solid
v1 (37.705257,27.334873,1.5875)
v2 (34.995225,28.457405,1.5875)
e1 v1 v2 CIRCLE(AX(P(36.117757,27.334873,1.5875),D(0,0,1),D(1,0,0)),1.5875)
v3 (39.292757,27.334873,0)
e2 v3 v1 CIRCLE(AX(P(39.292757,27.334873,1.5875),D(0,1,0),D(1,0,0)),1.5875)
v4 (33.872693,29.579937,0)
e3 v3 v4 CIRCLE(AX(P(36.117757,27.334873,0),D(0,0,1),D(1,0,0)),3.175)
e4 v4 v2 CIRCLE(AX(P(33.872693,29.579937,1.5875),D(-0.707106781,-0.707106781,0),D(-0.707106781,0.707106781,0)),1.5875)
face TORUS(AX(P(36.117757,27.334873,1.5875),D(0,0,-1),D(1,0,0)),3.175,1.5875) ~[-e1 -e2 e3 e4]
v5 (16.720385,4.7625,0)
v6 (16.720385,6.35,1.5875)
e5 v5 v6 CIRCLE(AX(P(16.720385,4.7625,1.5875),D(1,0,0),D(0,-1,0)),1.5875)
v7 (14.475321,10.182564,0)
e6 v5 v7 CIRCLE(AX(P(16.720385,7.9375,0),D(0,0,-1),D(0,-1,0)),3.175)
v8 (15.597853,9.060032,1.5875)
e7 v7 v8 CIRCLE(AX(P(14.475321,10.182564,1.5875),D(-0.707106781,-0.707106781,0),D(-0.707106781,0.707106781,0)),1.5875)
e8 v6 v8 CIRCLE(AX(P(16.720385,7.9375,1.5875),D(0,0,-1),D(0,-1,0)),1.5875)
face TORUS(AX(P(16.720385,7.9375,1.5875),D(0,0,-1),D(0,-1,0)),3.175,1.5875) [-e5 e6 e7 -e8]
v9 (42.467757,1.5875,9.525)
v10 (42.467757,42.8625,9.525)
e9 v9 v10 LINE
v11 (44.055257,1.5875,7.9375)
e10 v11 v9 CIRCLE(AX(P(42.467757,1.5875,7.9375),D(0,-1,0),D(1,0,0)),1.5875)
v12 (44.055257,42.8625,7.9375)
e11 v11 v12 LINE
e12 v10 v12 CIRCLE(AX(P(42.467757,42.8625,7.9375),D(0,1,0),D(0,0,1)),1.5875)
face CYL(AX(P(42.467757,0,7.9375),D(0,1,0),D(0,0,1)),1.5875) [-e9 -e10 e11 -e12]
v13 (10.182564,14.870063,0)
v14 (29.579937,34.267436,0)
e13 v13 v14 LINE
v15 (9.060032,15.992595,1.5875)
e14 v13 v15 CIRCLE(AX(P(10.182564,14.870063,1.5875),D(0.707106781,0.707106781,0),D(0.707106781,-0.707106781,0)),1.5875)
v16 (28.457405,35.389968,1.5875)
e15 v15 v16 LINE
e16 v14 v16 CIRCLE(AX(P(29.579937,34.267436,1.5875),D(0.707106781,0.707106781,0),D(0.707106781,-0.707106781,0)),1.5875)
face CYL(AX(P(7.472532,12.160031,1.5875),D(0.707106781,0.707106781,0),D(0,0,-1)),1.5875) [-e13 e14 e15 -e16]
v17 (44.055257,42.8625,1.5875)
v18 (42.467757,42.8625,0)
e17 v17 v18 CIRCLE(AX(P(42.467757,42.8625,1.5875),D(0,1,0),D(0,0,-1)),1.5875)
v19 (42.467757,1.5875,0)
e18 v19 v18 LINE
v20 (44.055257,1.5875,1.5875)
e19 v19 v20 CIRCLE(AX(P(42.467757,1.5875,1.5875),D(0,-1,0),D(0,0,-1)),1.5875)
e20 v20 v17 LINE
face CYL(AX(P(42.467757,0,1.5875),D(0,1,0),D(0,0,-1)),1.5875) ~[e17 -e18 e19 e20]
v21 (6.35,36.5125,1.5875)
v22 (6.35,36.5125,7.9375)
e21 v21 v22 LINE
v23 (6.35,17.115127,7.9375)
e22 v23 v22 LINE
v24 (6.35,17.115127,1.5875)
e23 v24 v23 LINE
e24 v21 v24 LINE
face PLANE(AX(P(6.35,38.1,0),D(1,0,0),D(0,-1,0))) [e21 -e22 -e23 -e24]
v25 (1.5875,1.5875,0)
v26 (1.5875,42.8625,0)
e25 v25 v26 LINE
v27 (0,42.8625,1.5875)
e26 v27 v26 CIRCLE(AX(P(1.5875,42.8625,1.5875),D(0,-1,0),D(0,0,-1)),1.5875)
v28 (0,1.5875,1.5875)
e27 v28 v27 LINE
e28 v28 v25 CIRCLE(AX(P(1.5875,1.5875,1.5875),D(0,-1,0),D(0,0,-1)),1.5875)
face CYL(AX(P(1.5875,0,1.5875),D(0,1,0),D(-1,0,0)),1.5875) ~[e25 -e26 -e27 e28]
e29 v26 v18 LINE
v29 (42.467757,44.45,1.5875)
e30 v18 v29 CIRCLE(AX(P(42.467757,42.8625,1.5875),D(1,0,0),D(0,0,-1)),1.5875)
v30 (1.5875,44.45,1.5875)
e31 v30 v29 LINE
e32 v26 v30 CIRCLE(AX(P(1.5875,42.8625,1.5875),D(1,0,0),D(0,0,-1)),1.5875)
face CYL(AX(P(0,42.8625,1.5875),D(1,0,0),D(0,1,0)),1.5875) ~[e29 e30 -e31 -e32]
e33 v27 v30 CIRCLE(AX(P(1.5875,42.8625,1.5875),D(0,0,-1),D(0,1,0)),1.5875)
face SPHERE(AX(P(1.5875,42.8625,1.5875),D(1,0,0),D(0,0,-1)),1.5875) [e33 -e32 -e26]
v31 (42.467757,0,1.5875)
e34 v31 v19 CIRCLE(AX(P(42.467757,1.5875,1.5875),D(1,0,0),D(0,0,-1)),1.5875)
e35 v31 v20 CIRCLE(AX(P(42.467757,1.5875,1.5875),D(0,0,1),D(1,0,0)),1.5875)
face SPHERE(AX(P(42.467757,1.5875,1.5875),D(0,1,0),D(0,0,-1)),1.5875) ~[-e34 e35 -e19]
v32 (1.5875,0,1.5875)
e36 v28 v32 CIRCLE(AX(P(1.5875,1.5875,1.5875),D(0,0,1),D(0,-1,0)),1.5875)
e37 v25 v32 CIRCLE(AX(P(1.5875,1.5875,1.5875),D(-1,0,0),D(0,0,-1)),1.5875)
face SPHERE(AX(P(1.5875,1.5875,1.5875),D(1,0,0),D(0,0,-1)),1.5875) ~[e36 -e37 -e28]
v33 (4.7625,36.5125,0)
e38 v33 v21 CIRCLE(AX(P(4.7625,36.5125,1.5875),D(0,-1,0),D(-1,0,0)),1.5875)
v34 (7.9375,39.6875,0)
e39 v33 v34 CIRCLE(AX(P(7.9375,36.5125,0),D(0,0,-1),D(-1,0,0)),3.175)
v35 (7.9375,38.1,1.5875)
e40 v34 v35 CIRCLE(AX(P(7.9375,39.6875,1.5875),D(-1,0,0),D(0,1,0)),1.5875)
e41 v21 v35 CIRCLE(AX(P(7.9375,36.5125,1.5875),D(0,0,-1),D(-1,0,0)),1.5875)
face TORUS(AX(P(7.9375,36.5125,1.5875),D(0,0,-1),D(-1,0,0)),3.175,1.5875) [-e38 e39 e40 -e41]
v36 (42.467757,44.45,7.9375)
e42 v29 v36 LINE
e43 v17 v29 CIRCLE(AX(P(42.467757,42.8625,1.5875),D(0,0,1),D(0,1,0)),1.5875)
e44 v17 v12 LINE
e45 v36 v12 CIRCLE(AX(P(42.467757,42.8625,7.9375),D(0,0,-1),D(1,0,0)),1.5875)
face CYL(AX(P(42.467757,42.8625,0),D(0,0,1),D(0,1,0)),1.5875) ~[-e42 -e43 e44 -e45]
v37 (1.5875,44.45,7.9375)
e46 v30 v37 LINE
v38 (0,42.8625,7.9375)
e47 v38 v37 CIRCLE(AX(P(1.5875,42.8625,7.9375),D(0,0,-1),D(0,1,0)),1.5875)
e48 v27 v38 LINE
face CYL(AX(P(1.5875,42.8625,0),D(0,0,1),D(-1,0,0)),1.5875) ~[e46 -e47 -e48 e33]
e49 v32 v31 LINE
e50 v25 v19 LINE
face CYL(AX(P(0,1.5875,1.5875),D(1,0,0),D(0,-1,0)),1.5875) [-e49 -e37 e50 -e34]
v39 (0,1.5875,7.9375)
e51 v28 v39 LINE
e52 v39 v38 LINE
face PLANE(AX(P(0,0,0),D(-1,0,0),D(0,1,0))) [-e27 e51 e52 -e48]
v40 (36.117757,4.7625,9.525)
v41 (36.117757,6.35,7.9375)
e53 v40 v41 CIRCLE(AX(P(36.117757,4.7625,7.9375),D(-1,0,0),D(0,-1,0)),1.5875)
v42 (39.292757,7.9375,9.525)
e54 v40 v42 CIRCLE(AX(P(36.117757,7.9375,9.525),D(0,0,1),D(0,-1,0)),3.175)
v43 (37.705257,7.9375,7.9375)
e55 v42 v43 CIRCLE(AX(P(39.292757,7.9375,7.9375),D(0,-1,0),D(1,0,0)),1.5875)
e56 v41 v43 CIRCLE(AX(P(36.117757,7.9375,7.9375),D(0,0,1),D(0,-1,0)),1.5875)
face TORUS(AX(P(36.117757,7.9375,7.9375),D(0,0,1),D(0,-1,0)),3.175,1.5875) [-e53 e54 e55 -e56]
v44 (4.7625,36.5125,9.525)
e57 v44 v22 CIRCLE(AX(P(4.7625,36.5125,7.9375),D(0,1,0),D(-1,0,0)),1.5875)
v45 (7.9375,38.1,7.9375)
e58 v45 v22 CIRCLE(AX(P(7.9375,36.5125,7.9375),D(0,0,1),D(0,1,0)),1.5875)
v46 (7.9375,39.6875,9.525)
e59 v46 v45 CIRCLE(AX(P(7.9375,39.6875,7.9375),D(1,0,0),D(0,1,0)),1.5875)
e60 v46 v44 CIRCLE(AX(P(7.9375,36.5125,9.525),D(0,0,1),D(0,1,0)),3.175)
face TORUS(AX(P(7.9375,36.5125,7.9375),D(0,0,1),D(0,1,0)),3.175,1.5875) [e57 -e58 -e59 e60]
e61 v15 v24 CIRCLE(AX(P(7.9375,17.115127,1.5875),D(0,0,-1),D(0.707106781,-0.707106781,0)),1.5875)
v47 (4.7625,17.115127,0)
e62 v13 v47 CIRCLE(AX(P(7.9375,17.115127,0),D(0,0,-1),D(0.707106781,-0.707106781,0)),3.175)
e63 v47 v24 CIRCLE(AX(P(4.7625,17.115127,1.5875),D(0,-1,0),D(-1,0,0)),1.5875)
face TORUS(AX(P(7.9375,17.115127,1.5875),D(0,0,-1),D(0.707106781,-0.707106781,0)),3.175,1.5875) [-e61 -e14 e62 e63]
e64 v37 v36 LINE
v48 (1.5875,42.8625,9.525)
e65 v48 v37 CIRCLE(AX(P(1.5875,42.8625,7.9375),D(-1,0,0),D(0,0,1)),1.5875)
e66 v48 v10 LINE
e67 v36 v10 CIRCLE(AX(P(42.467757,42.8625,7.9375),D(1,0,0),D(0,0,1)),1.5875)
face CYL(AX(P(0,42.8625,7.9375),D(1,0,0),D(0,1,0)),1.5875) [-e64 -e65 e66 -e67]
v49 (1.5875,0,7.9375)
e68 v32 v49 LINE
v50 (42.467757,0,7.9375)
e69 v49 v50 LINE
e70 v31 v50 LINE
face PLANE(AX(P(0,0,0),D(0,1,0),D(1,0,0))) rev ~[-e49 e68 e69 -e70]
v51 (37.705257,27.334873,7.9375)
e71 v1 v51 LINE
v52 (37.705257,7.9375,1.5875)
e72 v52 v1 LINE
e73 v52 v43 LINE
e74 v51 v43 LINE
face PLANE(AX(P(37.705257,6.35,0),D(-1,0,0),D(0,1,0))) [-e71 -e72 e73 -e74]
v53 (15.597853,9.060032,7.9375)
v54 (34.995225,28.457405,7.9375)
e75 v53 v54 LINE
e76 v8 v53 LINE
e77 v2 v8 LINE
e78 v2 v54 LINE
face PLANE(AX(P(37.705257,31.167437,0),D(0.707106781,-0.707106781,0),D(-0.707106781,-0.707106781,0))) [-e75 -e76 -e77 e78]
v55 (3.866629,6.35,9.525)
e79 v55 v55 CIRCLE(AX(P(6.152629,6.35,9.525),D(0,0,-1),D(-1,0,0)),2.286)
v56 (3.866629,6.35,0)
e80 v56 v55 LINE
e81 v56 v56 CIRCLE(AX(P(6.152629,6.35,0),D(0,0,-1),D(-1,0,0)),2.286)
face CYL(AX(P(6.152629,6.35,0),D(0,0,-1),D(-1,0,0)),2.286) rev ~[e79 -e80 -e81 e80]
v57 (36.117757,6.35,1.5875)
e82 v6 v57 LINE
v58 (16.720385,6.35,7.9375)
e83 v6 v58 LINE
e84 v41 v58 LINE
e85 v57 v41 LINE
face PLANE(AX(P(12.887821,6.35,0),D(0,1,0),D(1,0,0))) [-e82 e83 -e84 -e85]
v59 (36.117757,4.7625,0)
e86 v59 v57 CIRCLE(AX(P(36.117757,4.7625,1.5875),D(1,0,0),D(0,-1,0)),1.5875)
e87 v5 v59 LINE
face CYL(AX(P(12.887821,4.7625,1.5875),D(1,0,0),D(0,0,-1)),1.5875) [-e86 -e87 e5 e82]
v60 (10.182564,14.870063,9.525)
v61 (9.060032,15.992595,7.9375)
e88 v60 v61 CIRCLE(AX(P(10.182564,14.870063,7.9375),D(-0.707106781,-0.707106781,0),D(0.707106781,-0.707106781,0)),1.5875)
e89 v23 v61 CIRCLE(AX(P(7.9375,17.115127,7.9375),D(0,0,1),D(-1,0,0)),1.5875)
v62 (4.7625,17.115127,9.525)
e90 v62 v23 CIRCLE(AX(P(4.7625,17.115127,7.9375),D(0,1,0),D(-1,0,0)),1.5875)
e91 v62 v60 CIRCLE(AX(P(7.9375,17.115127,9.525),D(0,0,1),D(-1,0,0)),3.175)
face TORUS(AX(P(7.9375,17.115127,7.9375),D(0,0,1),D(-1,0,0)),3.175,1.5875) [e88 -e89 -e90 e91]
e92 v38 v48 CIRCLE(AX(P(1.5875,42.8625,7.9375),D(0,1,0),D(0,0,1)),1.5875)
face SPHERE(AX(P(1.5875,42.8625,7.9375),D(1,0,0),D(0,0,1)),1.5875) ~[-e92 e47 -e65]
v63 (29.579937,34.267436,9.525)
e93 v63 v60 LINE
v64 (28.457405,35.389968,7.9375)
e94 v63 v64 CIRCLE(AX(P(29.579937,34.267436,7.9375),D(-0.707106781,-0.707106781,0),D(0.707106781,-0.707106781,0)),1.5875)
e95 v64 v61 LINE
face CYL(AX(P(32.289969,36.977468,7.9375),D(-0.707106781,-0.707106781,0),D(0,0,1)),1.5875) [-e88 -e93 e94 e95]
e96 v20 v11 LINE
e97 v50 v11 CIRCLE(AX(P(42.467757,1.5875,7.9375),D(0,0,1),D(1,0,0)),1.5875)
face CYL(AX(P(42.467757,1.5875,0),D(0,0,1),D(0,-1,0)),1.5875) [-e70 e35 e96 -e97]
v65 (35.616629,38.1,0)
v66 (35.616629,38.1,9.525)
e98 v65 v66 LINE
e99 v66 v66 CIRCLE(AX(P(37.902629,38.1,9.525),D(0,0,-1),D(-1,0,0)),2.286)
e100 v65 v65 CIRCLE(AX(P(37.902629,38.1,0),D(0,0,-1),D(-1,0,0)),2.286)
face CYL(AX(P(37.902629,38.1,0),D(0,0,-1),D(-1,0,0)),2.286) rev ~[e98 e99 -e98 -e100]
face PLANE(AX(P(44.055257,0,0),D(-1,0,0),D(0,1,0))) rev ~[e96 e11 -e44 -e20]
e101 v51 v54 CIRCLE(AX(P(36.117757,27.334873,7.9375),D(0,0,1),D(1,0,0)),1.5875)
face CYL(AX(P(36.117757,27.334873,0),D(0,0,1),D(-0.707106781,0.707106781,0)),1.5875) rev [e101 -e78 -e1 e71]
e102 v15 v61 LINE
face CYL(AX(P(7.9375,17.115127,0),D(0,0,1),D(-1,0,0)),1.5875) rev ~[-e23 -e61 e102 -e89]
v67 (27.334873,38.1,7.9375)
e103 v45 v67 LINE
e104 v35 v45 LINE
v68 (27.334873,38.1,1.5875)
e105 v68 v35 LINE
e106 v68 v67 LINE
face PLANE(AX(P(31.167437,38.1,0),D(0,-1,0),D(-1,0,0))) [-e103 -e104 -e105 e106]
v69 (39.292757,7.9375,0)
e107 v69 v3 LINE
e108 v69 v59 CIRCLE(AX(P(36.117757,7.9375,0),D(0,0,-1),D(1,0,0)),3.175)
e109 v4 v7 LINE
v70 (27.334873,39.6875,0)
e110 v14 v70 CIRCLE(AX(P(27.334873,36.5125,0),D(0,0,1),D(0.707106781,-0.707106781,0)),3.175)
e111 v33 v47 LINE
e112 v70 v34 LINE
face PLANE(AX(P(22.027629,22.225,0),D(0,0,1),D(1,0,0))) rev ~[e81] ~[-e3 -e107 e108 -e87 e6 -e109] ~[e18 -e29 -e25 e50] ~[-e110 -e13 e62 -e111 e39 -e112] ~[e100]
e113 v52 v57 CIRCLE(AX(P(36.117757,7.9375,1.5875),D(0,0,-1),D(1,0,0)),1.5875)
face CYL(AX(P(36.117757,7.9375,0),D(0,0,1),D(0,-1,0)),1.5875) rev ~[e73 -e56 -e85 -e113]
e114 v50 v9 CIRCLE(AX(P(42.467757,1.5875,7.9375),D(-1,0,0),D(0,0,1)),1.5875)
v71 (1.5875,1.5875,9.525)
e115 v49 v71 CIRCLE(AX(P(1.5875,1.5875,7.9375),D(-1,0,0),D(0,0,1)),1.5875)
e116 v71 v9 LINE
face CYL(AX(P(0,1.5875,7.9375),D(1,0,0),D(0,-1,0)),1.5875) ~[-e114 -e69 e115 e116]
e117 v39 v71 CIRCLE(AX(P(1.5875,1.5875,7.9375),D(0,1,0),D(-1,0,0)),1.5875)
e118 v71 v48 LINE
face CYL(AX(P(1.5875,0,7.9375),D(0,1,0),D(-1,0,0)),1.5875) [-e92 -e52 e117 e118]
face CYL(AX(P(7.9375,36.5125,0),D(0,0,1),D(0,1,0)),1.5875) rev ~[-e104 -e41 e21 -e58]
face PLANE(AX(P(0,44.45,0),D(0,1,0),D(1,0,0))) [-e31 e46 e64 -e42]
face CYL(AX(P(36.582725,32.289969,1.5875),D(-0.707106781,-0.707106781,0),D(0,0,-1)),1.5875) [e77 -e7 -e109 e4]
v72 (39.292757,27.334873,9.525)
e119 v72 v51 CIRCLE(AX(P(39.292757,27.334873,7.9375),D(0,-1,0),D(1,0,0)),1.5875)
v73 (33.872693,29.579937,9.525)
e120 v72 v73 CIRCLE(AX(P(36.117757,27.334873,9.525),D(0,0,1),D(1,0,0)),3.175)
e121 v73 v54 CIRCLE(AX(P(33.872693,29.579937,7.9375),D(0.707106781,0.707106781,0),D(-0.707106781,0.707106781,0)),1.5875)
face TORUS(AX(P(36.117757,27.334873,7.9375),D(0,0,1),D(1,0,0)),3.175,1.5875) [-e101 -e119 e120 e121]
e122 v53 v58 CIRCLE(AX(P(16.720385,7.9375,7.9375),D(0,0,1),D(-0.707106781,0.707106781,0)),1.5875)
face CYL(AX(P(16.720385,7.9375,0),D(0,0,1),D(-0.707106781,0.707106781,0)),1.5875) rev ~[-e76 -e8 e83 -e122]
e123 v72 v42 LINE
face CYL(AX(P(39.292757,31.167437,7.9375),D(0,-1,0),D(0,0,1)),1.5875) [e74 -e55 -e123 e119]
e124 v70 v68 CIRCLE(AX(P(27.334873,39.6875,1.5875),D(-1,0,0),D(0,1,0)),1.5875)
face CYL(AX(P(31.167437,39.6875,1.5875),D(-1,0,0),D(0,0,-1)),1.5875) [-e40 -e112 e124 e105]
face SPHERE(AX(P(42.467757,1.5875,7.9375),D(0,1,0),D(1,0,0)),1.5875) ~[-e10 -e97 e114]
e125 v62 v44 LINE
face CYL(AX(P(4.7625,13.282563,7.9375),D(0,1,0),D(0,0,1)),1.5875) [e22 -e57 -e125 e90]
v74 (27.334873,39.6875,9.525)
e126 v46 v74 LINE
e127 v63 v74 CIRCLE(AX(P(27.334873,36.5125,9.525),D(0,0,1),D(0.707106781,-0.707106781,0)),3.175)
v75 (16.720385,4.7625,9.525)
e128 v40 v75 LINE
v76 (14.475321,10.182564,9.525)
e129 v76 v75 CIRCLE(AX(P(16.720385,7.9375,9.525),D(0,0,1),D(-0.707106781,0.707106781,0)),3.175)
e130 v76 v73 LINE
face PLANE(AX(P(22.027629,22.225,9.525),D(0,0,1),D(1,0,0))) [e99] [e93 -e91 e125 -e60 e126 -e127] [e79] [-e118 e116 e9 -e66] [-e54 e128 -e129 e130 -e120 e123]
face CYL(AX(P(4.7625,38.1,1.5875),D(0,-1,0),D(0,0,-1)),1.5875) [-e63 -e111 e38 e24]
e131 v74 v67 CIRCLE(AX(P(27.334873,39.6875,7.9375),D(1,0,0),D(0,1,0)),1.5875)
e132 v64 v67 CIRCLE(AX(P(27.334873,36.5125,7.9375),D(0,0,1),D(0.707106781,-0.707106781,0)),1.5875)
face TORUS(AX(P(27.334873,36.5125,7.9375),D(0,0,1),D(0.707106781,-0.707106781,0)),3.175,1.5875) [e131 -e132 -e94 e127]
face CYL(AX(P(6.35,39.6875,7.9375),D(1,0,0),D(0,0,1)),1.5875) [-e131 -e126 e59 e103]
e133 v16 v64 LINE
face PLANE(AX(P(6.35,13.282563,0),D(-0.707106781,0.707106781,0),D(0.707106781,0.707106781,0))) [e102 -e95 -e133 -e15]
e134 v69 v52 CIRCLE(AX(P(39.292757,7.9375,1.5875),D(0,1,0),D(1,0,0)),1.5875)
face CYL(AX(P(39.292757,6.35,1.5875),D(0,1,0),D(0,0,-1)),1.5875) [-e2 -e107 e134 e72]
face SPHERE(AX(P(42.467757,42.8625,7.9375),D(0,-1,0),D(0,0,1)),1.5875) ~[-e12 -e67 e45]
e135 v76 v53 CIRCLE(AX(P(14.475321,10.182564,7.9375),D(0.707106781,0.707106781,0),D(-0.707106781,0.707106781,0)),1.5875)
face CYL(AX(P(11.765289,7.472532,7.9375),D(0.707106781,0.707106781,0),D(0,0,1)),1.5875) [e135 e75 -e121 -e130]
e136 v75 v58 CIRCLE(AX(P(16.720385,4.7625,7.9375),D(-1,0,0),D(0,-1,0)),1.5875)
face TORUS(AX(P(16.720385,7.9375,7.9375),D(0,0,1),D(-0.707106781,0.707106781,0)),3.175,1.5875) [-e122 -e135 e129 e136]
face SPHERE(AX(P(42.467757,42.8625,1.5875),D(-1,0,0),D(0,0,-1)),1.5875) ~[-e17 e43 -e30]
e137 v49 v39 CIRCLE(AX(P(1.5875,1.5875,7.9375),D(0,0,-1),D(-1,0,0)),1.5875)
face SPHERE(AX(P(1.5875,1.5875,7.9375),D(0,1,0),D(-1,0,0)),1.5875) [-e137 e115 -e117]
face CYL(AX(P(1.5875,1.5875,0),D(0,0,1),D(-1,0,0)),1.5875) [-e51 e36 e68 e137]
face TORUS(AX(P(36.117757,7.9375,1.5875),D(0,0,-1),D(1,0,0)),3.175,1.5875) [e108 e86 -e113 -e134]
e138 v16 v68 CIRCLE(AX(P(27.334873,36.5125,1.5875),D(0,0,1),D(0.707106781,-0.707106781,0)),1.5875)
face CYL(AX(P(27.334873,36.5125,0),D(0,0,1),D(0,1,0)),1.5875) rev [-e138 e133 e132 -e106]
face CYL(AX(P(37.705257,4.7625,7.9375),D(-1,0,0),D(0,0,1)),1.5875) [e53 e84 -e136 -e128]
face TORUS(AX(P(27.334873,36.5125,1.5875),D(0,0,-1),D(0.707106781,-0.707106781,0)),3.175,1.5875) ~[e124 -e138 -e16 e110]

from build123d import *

# Parameters (mm, degrees)
SKETCH1_W           = 44.05525725
SKETCH1_H           = 44.45
BOSS_EXTRUDE1_DEPTH = 9.525
SKETCH2_R           = 2.286
CUT_EXTRUDE1_DEPTH  = 64.303979467
CUT_EXTRUDE2_DEPTH  = 64.303979467
FILLET1_R           = 1.5875


with BuildPart() as part:
    # Sketch1 → Boss-Extrude1 (new body)
    with BuildSketch(Plane.XY):
        with Locations((22.027628625, 22.225)):
            Rectangle(SKETCH1_W, SKETCH1_H)
    extrude(amount=BOSS_EXTRUDE1_DEPTH)

    # Sketch2 → Cut-Extrude1 (cut, through all)
    with BuildSketch(Plane(origin=(0, 0, 0), x_dir=(-1, 0, 0), z_dir=(0, 0, -1))):
        with Locations((-37.902628625, 38.1)):
            Circle(SKETCH2_R)
        with Locations((-6.152628625, 6.35)):
            Circle(SKETCH2_R)
    extrude(amount=-CUT_EXTRUDE1_DEPTH, mode=Mode.SUBTRACT)

    # Sketch3 → Cut-Extrude2 (cut, through all)
    with BuildSketch(Plane(origin=(0, 0, 0), x_dir=(-1, 0, 0), z_dir=(0, 0, -1))):
        Polygon((-31.167436534, 38.1), (-6.35, 38.1), (-6.35, 13.282563466), align=None)
        Polygon((-37.70525725, 31.167436534), (-12.887820716, 6.35), (-37.70525725, 6.35), align=None)
    extrude(amount=-CUT_EXTRUDE2_DEPTH, mode=Mode.SUBTRACT)

    # Fillet1
    fillet1_edges = [part.edges().sort_by_distance(p)[0] for p in [
        (44.05525725, 22.225, 9.525),
        (22.027628625, 44.45, 9.525),
        (37.70525725, 18.758718267, 9.525),
        (37.70525725, 6.35, 4.7625),
        (25.296538983, 18.758718267, 9.525),
        (37.70525725, 31.167436534, 4.7625),
        (25.296538983, 6.35, 9.525),
        (12.887820716, 6.35, 4.7625),
        (37.70525725, 18.758718267, 0),
        (25.296538983, 6.35, 0),
        (25.296538983, 18.758718267, 0),
        (18.758718267, 25.691281733, 9.525),
        (6.35, 13.282563466, 4.7625),
        (18.758718267, 38.1, 9.525),
        (31.167436534, 38.1, 4.7625),
        (6.35, 25.691281733, 9.525),
        (6.35, 38.1, 4.7625),
        (18.758718267, 25.691281733, 0),
        (6.35, 25.691281733, 0),
        (18.758718267, 38.1, 0),
        (0, 22.225, 9.525),
        (22.027628625, 44.45, 0),
        (44.05525725, 22.225, 0),
        (22.027628625, 0, 0),
        (0, 22.225, 0),
        (0, 44.45, 4.7625),
        (44.05525725, 44.45, 4.7625),
        (44.05525725, 0, 4.7625),
        (0, 0, 4.7625),
        (22.027628625, 0, 9.525),
    ]]
    fillet(fillet1_edges, radius=FILLET1_R)


solid = part.part
